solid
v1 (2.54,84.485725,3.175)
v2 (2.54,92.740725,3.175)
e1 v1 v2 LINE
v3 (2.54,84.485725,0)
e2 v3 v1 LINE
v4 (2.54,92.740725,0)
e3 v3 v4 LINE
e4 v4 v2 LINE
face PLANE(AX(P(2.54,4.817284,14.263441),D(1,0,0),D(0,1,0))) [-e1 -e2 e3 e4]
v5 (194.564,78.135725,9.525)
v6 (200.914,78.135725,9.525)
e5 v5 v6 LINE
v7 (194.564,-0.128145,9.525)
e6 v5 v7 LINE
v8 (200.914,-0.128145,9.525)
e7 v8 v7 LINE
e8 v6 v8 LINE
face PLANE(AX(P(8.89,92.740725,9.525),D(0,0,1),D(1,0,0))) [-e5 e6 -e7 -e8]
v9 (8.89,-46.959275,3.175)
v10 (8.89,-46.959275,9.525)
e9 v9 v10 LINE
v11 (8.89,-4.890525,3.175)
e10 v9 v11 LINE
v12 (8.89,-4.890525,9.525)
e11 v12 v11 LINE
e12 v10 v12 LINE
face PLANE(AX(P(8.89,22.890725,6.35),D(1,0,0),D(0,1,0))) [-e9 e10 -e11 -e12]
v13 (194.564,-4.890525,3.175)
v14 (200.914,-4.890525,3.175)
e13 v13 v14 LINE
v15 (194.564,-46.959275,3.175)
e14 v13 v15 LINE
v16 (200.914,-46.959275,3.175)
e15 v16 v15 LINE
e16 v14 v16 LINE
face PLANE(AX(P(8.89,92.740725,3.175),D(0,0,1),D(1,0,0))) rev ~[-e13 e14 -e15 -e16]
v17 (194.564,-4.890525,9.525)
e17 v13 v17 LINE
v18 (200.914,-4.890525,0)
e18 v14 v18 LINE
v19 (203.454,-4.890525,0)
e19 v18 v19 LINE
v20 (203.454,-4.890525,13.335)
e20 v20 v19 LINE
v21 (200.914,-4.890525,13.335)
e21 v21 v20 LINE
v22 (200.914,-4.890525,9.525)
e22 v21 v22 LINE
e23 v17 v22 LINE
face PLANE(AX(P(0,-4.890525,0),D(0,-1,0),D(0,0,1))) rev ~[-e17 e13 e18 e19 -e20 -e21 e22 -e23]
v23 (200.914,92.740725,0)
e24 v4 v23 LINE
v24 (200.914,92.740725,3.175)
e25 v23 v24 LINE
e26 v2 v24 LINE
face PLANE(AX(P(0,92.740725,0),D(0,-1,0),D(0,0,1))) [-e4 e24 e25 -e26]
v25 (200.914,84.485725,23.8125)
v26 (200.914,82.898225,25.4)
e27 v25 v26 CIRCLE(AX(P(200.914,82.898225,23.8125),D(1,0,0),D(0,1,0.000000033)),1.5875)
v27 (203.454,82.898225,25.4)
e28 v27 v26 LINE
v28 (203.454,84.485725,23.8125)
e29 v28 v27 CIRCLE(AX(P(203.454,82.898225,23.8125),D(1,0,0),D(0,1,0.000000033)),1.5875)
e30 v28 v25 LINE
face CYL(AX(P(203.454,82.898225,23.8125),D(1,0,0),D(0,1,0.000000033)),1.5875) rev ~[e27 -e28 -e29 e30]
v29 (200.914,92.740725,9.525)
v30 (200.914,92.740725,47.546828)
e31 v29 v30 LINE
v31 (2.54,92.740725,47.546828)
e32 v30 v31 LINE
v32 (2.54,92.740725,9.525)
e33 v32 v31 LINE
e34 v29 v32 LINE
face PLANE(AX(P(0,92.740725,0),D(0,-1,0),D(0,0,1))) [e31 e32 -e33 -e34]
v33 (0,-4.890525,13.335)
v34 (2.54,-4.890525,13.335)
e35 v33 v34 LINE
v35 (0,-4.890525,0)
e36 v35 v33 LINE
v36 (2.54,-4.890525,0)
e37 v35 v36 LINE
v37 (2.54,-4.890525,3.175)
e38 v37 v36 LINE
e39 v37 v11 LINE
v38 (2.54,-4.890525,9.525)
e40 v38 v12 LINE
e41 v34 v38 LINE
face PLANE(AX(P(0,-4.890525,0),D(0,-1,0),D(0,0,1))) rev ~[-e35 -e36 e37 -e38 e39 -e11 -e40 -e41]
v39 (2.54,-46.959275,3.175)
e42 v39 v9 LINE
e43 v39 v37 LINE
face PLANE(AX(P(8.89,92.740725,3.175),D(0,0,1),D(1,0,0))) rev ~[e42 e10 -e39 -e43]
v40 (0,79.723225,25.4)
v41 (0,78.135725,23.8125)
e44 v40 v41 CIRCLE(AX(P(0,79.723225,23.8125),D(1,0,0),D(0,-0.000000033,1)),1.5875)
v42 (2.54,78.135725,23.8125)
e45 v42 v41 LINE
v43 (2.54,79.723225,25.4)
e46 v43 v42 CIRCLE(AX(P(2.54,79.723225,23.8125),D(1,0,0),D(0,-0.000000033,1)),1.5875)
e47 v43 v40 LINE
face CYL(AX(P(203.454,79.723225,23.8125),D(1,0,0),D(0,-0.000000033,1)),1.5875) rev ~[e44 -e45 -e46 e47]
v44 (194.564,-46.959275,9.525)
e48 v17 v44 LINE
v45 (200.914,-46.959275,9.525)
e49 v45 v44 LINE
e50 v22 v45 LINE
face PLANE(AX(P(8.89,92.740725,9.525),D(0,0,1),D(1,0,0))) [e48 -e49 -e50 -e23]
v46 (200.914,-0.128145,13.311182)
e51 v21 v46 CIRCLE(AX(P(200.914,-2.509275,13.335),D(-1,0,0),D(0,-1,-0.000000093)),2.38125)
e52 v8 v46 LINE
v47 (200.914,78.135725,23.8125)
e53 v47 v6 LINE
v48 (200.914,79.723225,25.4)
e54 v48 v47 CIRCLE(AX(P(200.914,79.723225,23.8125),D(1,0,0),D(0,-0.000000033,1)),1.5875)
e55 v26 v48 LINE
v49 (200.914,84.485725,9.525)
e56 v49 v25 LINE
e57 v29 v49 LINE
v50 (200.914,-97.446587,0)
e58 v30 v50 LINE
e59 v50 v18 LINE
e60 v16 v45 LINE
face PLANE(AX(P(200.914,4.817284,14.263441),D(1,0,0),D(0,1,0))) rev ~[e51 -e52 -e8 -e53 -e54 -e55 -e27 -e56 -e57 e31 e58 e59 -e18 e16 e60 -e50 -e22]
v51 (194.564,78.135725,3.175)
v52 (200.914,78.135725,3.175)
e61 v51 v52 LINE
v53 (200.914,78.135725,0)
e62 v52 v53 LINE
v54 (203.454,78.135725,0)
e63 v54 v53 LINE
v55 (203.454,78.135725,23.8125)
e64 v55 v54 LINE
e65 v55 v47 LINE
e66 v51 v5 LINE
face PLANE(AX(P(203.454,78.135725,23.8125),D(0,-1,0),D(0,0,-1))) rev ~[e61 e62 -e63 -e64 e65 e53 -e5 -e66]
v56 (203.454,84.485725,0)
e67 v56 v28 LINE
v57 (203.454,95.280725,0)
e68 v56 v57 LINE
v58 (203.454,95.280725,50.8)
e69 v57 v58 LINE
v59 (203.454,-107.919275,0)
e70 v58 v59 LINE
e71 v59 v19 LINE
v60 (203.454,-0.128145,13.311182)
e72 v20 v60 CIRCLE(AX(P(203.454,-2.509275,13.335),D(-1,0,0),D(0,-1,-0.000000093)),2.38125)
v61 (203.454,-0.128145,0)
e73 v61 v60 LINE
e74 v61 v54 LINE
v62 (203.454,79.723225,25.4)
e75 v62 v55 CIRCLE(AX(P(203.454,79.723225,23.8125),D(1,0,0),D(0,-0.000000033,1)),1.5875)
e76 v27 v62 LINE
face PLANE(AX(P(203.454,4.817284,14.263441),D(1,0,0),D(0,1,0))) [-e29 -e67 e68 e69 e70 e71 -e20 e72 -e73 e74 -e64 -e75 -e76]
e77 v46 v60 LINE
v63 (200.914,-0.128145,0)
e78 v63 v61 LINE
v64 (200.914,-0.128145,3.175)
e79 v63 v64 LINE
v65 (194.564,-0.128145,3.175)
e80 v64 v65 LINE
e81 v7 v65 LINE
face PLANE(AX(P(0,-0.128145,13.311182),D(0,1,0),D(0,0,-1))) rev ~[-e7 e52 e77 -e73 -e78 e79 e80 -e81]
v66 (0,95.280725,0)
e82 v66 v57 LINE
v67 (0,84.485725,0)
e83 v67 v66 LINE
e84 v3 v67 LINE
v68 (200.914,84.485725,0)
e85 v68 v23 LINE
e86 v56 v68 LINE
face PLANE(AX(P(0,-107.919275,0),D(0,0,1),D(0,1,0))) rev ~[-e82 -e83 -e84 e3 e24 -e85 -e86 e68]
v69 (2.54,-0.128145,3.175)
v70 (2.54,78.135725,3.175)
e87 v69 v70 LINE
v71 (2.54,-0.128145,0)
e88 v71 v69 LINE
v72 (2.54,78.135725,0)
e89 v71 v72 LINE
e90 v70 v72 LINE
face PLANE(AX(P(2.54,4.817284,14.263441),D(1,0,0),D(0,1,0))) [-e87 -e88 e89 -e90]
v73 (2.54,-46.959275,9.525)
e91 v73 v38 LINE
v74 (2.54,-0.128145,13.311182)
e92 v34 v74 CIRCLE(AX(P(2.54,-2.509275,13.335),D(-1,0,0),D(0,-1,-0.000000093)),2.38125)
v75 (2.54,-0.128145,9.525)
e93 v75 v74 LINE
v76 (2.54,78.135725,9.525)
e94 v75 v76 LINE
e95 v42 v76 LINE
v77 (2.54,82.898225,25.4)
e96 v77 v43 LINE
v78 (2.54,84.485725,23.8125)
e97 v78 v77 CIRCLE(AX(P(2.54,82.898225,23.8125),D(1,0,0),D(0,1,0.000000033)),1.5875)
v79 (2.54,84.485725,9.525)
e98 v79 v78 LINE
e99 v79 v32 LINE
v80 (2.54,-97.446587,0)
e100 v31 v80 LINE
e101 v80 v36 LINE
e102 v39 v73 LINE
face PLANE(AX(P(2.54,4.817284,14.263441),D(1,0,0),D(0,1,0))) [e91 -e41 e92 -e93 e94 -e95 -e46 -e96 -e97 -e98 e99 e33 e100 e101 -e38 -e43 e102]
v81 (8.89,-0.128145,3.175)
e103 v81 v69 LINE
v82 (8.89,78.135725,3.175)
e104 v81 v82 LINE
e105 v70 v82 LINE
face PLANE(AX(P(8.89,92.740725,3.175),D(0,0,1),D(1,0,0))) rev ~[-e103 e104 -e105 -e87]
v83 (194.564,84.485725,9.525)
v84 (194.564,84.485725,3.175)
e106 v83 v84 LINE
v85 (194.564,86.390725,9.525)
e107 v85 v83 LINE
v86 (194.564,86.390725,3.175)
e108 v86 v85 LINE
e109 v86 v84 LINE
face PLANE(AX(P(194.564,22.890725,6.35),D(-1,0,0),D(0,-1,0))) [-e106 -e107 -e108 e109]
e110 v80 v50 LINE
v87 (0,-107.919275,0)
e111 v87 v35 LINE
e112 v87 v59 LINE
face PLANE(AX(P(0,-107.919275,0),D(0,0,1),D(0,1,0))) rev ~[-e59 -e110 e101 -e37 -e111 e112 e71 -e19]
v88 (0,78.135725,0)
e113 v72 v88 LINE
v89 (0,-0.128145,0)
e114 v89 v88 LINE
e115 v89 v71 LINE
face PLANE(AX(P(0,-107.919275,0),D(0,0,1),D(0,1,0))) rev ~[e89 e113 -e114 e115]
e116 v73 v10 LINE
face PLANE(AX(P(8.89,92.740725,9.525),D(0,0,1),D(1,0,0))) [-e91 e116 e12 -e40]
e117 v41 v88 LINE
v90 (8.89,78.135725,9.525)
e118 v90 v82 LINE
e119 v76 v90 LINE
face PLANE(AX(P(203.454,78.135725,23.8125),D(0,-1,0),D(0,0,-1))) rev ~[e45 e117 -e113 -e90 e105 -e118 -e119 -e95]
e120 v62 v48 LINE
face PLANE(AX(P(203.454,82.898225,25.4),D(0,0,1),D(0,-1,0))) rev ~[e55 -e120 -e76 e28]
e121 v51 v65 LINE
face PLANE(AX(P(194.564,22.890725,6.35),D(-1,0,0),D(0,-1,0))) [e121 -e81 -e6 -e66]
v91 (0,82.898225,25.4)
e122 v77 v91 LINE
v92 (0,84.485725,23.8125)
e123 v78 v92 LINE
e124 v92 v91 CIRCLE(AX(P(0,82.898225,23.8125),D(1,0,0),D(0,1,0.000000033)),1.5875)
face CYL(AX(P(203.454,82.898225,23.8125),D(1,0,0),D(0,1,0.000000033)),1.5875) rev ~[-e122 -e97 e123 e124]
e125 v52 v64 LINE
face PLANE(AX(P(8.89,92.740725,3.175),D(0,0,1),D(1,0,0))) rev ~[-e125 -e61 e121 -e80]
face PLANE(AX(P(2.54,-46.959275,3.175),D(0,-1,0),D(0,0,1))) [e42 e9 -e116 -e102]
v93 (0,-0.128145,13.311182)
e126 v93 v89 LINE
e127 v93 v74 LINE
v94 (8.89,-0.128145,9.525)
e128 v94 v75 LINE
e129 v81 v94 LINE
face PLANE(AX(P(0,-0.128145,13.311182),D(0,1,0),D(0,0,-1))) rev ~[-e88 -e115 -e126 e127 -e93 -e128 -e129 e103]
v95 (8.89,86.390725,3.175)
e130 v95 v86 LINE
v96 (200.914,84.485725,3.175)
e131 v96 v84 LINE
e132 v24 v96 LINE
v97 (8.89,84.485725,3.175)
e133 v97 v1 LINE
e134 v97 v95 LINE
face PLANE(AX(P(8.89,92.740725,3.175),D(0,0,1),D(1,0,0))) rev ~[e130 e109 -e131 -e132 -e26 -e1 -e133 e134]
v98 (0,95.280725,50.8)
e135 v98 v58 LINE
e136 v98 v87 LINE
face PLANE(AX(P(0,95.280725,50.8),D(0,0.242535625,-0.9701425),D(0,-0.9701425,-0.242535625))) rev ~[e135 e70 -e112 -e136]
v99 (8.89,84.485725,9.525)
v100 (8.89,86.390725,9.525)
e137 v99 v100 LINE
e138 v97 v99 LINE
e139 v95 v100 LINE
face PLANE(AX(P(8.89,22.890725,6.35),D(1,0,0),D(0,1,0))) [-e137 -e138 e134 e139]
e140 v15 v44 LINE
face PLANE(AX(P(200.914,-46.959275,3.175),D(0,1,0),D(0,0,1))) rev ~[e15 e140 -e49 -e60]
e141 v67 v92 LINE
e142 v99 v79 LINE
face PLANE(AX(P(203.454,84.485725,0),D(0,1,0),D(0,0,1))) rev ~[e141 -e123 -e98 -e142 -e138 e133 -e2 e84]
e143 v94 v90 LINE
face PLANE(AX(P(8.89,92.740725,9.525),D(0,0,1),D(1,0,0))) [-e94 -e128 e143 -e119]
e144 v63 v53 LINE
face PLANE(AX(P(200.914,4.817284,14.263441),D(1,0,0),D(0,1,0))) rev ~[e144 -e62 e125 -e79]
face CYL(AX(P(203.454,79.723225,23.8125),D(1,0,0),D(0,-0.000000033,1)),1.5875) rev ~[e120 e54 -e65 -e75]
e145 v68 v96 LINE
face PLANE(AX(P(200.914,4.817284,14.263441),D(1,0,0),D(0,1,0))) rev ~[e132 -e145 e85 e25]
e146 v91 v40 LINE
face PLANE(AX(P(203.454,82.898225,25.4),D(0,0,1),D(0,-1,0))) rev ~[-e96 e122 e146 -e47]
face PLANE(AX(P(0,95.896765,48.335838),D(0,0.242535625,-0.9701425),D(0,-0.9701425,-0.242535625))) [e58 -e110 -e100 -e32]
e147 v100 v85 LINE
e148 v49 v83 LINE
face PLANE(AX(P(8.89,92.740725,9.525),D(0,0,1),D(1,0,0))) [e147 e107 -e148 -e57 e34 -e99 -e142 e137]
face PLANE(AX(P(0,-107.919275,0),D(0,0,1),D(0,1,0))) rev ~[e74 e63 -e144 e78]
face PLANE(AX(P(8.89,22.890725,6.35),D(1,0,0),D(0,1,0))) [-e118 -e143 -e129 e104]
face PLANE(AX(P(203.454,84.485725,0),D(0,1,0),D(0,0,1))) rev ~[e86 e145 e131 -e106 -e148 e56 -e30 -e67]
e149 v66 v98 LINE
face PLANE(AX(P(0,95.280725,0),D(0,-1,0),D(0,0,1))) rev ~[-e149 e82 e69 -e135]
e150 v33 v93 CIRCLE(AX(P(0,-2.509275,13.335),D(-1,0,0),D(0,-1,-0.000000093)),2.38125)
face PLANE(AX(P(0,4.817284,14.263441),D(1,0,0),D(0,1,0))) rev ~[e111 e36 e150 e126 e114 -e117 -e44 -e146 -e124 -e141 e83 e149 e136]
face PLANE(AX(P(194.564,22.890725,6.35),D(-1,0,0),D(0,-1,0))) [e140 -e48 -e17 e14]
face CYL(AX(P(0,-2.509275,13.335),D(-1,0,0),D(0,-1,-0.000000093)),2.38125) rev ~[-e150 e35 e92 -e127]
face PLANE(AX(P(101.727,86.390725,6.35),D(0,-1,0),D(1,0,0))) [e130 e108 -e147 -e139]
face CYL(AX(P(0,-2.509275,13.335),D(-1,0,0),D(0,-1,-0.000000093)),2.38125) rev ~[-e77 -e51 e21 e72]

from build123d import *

# Parameters (mm, degrees)
F1_DEPTH  = 203.454
F2_T      = -2.54
F3_W      = 139.7
F3_H      = 6.35
F4_DEPTH  = 6.35
F5_W      = 139.7
F5_H      = 6.35
F6_DEPTH  = 6.35
F7_W      = 185.674
F7_H      = 6.35
F8_DEPTH  = 6.35
F10_DEPTH = 203.455
F12_DEPTH = 203.455


with BuildPart() as f1:
    # F0 (on Right) → F1 (new body)
    with BuildSketch(Plane.YZ):
        Polygon((-107.919275, 0), (95.280725, 0), (95.280725, 50.8), align=None)
    extrude(amount=F1_DEPTH)

    # F2
    f2_openings = [f1.faces().sort_by_distance(p)[0] for p in [
        (101.727, -6.319275, 0),
    ]]
    offset(amount=F2_T, openings=f2_openings)

    # F3 (on face) → F4 (join)
    with BuildSketch(Plane.YZ.offset(2.54)):
        with Locations((22.890725, 6.35)):
            Rectangle(F3_W, F3_H)
    extrude(amount=F4_DEPTH)

    # F5 (on face) → F6 (join)
    with BuildSketch(Plane(origin=(200.914, 0, 0), x_dir=(0, -1, 0), z_dir=(-1, 0, 0))):
        with Locations((-22.890725, 6.35)):
            Rectangle(F5_W, F5_H)
    extrude(amount=F6_DEPTH)

    # F7 (on face) → F8 (join)
    with BuildSketch(Plane.XZ.offset(-92.740725)):
        with Locations((101.727, 6.35)):
            Rectangle(F7_W, F7_H)
    extrude(amount=F8_DEPTH)

    # F9 (on face) → F10 (cut, through all)
    with BuildSketch(Plane.YZ.offset(203.454)):
        with BuildLine():
            Line((78.135725, 0), (84.485725, 0))
            Line((84.485725, 0), (84.485725, 23.8125))
            ThreePointArc((84.485725, 23.8125), (84.020757, 24.935032), (82.898225, 25.4))
            Line((82.898225, 25.4), (79.723225, 25.4))
            ThreePointArc((79.723225, 25.4), (78.600693, 24.935032), (78.135725, 23.8125))
            Line((78.135725, 23.8125), (78.135725, 0))
        make_face()
    extrude(amount=-F10_DEPTH, mode=Mode.SUBTRACT)

    # F11 (on face) → F12 (cut, through all)
    with BuildSketch(Plane(origin=(0, 0, 0), x_dir=(0, -1, 0), z_dir=(-1, 0, 0))):
        with BuildLine():
            ThreePointArc((0.128145, 13.311182), (2.521184, 10.95378), (4.890525, 13.335))
            ThreePointArc((4.890525, 13.335), (2.497366, 15.71622), (0.128145, 13.311182))
        make_face()
        with BuildLine():
            Line((4.890525, 0), (4.890525, 13.335))
            ThreePointArc((4.890525, 13.335), (2.521184, 10.95378), (0.128145, 13.311182))
            Line((0.128145, 13.311182), (0.128145, 0))
            Line((0.128145, 0), (4.890525, 0))
        make_face()
    extrude(amount=-F12_DEPTH, mode=Mode.SUBTRACT)


solid = f1.part
